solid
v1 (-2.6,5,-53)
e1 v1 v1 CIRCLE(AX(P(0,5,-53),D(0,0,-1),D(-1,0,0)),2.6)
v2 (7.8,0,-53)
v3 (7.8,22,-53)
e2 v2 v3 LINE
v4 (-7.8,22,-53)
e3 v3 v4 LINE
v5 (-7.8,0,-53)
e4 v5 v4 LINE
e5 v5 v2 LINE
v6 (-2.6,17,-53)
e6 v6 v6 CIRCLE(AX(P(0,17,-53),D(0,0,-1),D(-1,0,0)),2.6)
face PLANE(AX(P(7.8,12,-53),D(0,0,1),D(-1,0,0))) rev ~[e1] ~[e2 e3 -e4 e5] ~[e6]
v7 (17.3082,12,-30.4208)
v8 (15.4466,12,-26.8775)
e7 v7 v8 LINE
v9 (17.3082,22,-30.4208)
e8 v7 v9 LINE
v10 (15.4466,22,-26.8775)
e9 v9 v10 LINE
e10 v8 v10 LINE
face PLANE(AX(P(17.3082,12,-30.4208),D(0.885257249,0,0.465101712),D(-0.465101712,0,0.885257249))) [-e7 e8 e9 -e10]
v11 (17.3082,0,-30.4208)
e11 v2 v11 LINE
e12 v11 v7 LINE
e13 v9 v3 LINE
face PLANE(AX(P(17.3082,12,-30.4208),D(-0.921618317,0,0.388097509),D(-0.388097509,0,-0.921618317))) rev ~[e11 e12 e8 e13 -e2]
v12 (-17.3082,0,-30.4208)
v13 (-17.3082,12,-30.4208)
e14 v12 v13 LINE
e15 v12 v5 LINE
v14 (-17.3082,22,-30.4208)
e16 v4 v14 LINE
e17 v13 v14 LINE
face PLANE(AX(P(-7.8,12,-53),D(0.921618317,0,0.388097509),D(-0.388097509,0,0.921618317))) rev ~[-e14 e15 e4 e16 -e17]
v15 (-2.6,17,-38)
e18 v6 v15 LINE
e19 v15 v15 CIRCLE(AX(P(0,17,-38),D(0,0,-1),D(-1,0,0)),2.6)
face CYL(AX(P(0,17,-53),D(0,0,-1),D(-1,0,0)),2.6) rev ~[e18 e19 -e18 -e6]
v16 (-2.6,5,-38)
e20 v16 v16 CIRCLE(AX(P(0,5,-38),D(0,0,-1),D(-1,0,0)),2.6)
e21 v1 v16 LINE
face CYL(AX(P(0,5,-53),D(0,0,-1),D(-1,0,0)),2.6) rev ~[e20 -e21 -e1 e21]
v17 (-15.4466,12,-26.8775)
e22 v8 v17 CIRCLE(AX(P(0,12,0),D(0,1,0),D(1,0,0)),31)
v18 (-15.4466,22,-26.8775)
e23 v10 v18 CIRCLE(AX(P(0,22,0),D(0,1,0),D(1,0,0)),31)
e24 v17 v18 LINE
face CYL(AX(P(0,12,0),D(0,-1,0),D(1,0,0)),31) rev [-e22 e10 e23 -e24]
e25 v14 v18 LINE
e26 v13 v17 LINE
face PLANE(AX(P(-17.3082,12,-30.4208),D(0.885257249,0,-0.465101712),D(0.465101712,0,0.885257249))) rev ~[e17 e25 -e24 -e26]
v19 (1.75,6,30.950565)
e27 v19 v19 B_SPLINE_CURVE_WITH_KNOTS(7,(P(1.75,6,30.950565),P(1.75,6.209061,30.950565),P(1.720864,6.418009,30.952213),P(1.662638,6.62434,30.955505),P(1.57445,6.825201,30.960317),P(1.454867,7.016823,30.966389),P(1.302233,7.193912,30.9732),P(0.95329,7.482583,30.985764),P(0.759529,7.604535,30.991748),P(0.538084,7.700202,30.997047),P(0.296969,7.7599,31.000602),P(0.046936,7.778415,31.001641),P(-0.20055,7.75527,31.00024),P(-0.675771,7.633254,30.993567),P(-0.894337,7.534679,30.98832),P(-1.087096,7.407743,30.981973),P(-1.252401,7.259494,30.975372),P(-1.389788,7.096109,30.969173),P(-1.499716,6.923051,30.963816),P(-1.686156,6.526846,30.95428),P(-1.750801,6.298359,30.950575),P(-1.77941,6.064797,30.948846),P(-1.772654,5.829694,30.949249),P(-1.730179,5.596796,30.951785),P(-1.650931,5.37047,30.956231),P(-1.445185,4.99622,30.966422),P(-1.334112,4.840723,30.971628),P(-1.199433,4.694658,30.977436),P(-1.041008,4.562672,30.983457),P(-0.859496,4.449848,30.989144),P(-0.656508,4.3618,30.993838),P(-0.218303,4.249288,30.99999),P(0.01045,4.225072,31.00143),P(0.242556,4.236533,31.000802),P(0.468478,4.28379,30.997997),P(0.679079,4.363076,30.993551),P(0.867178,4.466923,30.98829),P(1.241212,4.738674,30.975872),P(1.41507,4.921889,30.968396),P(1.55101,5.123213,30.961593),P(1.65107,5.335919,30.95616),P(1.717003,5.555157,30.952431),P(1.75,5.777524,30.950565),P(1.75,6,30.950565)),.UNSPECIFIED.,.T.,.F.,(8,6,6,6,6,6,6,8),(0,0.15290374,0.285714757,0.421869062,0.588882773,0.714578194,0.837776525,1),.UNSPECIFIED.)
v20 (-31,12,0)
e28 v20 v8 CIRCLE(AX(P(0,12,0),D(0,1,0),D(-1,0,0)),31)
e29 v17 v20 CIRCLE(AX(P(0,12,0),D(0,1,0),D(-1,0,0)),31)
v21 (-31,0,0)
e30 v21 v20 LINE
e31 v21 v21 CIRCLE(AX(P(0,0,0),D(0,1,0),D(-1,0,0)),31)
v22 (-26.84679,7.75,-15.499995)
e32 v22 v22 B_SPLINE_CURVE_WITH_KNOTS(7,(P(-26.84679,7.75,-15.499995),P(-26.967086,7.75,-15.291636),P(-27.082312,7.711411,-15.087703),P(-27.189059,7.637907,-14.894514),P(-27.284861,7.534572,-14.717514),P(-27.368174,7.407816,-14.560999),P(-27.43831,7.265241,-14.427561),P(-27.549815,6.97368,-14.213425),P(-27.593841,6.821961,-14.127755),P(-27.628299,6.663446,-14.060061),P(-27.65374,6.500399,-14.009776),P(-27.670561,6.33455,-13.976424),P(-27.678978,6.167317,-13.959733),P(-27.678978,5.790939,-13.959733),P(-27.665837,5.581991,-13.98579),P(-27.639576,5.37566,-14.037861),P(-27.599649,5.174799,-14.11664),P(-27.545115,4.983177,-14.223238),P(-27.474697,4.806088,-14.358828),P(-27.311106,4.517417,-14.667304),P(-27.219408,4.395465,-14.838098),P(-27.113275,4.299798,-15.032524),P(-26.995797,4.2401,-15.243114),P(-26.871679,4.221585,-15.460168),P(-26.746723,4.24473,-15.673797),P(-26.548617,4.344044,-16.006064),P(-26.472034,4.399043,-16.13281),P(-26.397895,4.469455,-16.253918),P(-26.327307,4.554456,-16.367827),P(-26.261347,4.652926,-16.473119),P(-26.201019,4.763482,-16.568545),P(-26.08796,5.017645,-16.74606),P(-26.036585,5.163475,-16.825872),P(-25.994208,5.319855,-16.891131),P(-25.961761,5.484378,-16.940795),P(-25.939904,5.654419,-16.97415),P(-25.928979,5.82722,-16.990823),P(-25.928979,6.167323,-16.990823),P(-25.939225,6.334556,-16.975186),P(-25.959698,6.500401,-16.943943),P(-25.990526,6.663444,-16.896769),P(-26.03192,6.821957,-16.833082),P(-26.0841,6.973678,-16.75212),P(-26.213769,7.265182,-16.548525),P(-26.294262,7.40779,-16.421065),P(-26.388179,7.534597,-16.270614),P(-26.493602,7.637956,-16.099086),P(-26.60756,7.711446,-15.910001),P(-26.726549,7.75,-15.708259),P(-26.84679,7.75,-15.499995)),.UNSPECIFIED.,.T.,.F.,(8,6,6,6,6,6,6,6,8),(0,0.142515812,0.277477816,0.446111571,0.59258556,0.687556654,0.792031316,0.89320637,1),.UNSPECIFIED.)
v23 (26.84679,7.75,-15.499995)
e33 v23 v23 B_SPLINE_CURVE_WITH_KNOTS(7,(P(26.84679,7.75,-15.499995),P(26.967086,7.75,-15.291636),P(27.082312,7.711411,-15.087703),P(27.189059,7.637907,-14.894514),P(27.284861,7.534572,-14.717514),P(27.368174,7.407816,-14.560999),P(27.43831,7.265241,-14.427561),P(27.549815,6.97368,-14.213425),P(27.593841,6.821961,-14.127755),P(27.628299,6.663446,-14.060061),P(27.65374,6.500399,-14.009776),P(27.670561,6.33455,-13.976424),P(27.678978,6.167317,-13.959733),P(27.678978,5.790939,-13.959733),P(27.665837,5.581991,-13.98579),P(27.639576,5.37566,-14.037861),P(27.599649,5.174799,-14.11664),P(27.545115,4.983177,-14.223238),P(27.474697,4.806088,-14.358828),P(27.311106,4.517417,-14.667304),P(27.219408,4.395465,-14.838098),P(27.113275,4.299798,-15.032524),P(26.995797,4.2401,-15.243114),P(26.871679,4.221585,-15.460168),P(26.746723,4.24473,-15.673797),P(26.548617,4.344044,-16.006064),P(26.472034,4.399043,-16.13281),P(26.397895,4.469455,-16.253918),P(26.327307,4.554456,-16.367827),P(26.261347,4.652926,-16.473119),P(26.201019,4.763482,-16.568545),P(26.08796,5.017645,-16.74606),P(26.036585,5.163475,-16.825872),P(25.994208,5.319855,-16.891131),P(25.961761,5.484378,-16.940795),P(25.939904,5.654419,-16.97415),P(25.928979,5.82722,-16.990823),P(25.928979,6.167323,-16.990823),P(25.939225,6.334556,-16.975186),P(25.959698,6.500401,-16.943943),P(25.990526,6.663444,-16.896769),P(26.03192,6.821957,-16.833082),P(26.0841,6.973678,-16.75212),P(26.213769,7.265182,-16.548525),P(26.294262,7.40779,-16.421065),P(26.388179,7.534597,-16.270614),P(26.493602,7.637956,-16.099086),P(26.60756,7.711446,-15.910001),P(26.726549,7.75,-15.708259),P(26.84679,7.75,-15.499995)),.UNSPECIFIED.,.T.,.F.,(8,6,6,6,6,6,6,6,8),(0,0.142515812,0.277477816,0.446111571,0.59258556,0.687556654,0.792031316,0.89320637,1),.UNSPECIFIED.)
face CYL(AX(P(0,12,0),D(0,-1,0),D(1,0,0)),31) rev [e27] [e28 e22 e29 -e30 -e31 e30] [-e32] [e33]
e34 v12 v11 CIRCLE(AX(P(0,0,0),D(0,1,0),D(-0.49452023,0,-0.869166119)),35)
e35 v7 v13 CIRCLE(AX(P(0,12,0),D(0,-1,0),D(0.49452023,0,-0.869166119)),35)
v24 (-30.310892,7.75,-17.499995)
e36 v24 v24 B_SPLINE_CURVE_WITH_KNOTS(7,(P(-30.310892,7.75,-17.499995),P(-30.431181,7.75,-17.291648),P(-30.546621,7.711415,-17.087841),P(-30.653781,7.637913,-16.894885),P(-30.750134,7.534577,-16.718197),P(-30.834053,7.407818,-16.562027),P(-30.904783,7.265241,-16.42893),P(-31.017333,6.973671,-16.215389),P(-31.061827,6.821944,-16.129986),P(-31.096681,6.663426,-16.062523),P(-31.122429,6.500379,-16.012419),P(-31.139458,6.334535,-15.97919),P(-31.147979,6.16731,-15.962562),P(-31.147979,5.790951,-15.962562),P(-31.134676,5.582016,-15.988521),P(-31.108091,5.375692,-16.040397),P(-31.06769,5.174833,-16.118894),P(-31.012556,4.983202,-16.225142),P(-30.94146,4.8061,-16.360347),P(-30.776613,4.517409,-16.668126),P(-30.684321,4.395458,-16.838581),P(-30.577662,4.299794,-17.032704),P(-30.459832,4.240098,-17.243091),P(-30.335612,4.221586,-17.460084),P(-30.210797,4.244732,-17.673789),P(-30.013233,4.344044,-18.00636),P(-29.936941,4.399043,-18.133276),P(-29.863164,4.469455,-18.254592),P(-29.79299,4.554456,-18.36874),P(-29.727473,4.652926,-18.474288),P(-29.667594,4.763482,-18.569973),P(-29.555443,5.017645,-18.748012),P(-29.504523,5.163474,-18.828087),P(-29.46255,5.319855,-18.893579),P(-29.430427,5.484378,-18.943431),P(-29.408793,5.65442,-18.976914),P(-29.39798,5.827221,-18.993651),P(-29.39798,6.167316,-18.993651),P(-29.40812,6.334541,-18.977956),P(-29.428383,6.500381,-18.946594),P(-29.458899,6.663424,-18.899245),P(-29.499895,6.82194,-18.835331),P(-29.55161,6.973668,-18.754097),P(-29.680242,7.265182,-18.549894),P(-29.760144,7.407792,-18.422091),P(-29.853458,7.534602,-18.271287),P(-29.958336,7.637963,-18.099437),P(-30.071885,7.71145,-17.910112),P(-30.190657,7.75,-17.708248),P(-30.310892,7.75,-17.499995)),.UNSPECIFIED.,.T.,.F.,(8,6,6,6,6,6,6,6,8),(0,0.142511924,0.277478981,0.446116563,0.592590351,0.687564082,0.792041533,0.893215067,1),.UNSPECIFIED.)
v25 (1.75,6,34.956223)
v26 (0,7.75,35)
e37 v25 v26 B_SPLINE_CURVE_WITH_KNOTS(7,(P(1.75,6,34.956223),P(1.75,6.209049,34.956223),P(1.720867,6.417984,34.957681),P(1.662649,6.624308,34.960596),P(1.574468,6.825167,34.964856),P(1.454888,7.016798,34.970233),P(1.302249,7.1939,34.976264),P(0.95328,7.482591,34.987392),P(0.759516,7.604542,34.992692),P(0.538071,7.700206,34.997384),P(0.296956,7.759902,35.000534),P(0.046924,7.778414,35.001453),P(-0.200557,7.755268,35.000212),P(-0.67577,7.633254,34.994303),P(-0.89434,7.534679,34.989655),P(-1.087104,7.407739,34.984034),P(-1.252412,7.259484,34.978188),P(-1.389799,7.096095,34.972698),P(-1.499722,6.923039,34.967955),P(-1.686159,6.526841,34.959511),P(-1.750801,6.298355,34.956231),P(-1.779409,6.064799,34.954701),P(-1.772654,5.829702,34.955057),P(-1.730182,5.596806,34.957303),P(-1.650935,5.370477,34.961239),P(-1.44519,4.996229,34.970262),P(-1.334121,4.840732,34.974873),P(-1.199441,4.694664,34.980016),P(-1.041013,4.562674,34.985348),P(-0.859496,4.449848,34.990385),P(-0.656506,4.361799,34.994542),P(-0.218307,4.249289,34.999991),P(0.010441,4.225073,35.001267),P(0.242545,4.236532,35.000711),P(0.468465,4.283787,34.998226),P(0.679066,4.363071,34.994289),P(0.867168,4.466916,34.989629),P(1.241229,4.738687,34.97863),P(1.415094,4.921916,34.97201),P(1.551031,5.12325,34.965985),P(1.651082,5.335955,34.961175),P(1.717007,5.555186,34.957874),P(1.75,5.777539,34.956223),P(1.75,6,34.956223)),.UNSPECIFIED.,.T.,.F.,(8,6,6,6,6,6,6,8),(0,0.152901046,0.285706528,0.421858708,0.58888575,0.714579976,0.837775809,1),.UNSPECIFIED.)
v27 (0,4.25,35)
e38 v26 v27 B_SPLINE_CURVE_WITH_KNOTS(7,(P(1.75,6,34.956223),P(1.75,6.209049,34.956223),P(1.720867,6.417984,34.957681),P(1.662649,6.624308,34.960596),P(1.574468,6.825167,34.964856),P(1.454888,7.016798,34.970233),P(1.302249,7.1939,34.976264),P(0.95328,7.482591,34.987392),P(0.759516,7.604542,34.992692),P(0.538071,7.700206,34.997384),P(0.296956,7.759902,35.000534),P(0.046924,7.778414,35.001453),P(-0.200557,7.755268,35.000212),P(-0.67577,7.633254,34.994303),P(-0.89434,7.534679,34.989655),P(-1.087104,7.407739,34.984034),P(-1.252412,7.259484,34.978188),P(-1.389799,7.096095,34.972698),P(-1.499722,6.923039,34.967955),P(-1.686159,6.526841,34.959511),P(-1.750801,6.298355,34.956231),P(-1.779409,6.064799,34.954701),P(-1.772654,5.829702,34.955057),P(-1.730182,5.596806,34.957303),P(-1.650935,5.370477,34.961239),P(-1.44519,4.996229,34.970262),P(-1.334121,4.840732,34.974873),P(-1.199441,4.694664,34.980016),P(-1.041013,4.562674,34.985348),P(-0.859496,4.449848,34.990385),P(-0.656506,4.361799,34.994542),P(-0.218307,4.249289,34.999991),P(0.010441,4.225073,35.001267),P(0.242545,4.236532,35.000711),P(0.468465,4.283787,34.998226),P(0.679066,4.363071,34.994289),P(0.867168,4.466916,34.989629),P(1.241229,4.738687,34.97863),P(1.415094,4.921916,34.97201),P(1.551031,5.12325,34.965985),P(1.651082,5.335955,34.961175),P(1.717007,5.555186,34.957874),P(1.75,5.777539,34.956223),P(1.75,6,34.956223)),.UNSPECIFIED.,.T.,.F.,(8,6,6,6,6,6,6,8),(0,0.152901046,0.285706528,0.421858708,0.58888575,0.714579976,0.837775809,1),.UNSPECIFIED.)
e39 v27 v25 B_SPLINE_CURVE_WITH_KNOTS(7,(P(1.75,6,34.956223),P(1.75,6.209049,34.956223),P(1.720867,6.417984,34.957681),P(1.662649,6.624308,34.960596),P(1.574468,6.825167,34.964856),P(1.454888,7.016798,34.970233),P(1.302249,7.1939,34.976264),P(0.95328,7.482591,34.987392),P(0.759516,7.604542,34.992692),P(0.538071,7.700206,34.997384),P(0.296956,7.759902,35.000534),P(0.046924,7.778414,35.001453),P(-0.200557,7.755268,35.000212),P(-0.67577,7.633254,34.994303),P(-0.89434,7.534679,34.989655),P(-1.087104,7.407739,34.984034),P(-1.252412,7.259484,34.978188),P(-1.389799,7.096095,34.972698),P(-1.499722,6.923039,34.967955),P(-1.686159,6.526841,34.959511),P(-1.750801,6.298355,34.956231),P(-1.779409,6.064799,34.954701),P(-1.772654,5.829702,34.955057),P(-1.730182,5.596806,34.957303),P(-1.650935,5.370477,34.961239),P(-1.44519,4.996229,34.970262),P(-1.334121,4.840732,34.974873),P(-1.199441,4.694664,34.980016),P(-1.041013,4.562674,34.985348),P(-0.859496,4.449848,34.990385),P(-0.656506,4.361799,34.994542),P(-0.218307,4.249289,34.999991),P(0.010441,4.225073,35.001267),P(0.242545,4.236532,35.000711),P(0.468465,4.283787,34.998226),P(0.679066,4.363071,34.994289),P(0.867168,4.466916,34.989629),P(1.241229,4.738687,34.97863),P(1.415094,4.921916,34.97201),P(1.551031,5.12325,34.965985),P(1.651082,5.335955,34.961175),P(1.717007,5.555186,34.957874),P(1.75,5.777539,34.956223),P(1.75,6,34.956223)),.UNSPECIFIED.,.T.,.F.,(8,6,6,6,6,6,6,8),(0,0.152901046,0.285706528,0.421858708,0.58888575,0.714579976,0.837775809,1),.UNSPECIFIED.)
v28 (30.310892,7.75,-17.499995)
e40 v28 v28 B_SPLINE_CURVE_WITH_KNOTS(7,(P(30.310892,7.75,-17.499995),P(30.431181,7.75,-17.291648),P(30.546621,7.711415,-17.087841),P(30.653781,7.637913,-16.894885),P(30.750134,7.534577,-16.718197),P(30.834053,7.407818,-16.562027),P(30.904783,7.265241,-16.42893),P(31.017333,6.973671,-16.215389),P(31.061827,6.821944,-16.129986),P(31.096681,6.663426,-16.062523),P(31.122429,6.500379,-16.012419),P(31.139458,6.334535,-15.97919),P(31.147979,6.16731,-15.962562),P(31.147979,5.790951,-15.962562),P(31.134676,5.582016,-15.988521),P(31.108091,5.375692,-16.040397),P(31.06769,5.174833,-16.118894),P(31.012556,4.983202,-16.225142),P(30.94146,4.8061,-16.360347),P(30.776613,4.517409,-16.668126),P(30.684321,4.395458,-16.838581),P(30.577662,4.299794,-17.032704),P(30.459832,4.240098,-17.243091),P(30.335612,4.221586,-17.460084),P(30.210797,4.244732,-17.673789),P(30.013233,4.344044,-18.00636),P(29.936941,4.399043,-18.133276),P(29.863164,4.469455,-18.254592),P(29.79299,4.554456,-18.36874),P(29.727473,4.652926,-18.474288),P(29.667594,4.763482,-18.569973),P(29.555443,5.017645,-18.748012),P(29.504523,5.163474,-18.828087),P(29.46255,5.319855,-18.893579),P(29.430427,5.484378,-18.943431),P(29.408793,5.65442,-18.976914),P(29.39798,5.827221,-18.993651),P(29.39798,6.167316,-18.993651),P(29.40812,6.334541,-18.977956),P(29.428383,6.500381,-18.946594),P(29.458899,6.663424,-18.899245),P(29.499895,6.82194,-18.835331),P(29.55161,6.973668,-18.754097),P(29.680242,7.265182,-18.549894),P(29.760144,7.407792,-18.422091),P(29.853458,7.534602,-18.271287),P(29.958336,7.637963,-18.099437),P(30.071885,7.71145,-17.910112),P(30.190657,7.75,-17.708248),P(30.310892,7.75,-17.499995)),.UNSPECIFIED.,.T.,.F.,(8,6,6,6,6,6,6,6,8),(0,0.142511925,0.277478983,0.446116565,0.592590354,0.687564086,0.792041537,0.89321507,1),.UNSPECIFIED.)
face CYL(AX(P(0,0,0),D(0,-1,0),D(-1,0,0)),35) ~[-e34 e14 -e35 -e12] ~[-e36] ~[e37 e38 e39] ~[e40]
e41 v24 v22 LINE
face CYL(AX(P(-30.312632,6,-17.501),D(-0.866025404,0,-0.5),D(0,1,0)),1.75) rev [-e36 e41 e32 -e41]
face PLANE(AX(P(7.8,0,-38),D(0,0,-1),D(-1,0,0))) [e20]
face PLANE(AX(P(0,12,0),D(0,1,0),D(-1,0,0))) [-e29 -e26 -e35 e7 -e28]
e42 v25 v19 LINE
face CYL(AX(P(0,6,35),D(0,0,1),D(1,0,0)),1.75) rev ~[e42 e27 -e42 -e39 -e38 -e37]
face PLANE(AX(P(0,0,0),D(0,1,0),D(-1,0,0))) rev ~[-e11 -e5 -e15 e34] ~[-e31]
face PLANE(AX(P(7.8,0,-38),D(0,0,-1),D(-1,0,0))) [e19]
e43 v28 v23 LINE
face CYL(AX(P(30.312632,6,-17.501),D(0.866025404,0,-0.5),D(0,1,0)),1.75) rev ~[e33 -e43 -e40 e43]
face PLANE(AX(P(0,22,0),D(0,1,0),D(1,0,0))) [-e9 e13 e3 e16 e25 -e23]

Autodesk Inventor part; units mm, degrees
sketch "Sketch1" plane through (0, 0, 0) normal (0, 1, 0) x (-1, 0, 0)
  circle A0 centre (0, 0) radius 31
  circle A1 centre (0, 0) radius 35
  line L0 (17.3082, -30.4208) -> (7.8, -53)
  line L1 (7.8, -53) -> (-7.8, -53)
  line L2 (-7.8, -53) -> (-17.3082, -30.4208)
  line L3 (17.3082, -30.4208) -> (-15.7757, -30.4208) construction
  line L4 (-15.7757, -30.4208) -> (-17.7199, -30.4208) construction
  line L5 (0, 0) -> (0, -70.1965) construction
  dimension "d0" = 62
  dimension "d1" = 70
  dimension "d2" = 18
  dimension "d14" = 17.3082
  dimension "d15" = 17.3082
  dimension "d16" = 7.8
  dimension "d17" = 7.8
extrude "Extrusion1" add sketch "Sketch1" along normal blind 12
sketch "Sketch2" plane through (7.8, 0, -53) normal (0, 0, -1) x (-1, 0, 0)
  line L0 (0, 0) -> (15.6, 0) projected
  line L1 (15.6, 0) -> (15.6, 12) projected
  line L2 (0, 12) -> (15.6, 12) projected
  line L3 (0, 0) -> (0, 12) projected
  circle A0 centre (7.8, 17) radius 2.6
  circle A1 centre (7.8, 5) radius 2.6
  line L4 (0, 12) -> (15.6, 12) construction
  line L5 (0, 0) -> (15.6, 0) construction
  line L6 (7.8, 17) -> (7.8, 22) construction
  line L7 (7.8, 10.4006) -> (15.6, 10.4006) construction
  line L8 (15.6, 0) -> (15.6, 12) construction
  line L9 (7.8, 8.8613) -> (0, 8.8613) construction
  line L10 (0, 0) -> (0, 12) construction
  line L11 (7.8, 17) -> (7.8, 1.4261) construction
  point P0 (7.8, 0)
  dimension "d5" = 5.2
  dimension "d6" = 5.2
  dimension "d7" = 12
  dimension "d11" = 5
  dimension "d20" = 5
sketch "Sketch3" plane through (0, 12, 0) normal (0, 1, 0) x (1, 0, 0)
  line L0 (17.3082, 30.4208) -> (7.8, 53) projected
  line L1 (7.8, 53) -> (-7.8, 53) projected
  line L2 (-7.8, 53) -> (-17.3082, 30.4208) projected
  arc A0 (-17.3082, 30.4208) -> (17.3082, 30.4208) centre (0, 0) ccw projected
  circle A1 centre (0, 0) radius 31 projected
  arc A2 (-17.3082, 30.4208) -> (17.3082, 30.4208) centre (0, 0) ccw projected
  line L3 (17.3082, 30.4208) -> (15.4466, 26.8775)
  circle A3 centre (0, 0) radius 31 projected
  line L4 (-7.8, 53) -> (-17.3082, 30.4208) projected
  line L5 (-17.3082, 30.4208) -> (-15.4466, 26.8775)
extrude "Extrusion2" add sketch "Sketch3" along normal blind 10 contours L3 A1 L5 L2 L1 L0
extrude "Extrusion3" cut sketch "Sketch2" against normal blind 15 contours A0 | A1
ref_plane "Work Plane1" through (0, 0, 35) normal (0, 0, 1) x (1, 0, 0)
sketch "Sketch5" plane through (0, 0, 35) normal (0, 0, 1) x (1, 0, 0)
  line L0 (-17.3082, 0) -> (17.3082, 0) projected
  line L1 (17.3082, 0) -> (17.3082, 12) projected
  line L2 (-17.3082, 12) -> (17.3082, 12) projected
  line L3 (-17.3082, 0) -> (-17.3082, 12) projected
  line L4 (0, 0) -> (0, 4.5061) construction
  circle A0 centre (0, 6) radius 1.75
  dimension "d18" = 3.5
  dimension "d19" = 6
extrude "Extrusion4" cut sketch "Sketch5" against normal blind 15 contours A0
ref_plane "Work Plane2" through (0, 0, 0) normal (0.866, 0, -0.5) x (0, 1, 0)
ref_plane "Work Plane3" through (30.3109, 0, -17.5) normal (0.866, 0, -0.5) x (0, 1, 0)
sketch "Sketch6" plane through (30.3109, 0, -17.5) normal (0.866, 0, -0.5) x (0, 1, 0)
  circle A0 centre (6, 0) radius 1.75
  line L0 (0, -17.6911) -> (0, 35) projected
  point P0 (0, 0)
  point P1 (0, -34.9993)
  dimension "d24" = 6
  dimension "d25" = 3.5
extrude "Extrusion5" cut sketch "Sketch6" against normal blind 15
ref_plane "Work Plane6" through (-30.3109, 0, -17.5) normal (0.866, 0, 0.5) x (0, 1, 0)
ref_plane "Work Plane5" through (0, 0, 0) normal (0.866, 0, 0.5) x (0, 1, 0)
sketch "Sketch8" plane through (-30.3109, 0, -17.5) normal (0.866, 0, 0.5) x (0, 1, 0)
  circle A0 centre (6, 0) radius 1.75
  line L0 (0, -34.9993) -> (0, 35) projected
  point P0 (0, 0)
  point P1 (0, -17.6911)
  dimension "d33" = 3.5
  dimension "d34" = 6
extrude "Extrusion7" cut sketch "Sketch8" along normal blind 15
properties part number "ring_light_holder"
